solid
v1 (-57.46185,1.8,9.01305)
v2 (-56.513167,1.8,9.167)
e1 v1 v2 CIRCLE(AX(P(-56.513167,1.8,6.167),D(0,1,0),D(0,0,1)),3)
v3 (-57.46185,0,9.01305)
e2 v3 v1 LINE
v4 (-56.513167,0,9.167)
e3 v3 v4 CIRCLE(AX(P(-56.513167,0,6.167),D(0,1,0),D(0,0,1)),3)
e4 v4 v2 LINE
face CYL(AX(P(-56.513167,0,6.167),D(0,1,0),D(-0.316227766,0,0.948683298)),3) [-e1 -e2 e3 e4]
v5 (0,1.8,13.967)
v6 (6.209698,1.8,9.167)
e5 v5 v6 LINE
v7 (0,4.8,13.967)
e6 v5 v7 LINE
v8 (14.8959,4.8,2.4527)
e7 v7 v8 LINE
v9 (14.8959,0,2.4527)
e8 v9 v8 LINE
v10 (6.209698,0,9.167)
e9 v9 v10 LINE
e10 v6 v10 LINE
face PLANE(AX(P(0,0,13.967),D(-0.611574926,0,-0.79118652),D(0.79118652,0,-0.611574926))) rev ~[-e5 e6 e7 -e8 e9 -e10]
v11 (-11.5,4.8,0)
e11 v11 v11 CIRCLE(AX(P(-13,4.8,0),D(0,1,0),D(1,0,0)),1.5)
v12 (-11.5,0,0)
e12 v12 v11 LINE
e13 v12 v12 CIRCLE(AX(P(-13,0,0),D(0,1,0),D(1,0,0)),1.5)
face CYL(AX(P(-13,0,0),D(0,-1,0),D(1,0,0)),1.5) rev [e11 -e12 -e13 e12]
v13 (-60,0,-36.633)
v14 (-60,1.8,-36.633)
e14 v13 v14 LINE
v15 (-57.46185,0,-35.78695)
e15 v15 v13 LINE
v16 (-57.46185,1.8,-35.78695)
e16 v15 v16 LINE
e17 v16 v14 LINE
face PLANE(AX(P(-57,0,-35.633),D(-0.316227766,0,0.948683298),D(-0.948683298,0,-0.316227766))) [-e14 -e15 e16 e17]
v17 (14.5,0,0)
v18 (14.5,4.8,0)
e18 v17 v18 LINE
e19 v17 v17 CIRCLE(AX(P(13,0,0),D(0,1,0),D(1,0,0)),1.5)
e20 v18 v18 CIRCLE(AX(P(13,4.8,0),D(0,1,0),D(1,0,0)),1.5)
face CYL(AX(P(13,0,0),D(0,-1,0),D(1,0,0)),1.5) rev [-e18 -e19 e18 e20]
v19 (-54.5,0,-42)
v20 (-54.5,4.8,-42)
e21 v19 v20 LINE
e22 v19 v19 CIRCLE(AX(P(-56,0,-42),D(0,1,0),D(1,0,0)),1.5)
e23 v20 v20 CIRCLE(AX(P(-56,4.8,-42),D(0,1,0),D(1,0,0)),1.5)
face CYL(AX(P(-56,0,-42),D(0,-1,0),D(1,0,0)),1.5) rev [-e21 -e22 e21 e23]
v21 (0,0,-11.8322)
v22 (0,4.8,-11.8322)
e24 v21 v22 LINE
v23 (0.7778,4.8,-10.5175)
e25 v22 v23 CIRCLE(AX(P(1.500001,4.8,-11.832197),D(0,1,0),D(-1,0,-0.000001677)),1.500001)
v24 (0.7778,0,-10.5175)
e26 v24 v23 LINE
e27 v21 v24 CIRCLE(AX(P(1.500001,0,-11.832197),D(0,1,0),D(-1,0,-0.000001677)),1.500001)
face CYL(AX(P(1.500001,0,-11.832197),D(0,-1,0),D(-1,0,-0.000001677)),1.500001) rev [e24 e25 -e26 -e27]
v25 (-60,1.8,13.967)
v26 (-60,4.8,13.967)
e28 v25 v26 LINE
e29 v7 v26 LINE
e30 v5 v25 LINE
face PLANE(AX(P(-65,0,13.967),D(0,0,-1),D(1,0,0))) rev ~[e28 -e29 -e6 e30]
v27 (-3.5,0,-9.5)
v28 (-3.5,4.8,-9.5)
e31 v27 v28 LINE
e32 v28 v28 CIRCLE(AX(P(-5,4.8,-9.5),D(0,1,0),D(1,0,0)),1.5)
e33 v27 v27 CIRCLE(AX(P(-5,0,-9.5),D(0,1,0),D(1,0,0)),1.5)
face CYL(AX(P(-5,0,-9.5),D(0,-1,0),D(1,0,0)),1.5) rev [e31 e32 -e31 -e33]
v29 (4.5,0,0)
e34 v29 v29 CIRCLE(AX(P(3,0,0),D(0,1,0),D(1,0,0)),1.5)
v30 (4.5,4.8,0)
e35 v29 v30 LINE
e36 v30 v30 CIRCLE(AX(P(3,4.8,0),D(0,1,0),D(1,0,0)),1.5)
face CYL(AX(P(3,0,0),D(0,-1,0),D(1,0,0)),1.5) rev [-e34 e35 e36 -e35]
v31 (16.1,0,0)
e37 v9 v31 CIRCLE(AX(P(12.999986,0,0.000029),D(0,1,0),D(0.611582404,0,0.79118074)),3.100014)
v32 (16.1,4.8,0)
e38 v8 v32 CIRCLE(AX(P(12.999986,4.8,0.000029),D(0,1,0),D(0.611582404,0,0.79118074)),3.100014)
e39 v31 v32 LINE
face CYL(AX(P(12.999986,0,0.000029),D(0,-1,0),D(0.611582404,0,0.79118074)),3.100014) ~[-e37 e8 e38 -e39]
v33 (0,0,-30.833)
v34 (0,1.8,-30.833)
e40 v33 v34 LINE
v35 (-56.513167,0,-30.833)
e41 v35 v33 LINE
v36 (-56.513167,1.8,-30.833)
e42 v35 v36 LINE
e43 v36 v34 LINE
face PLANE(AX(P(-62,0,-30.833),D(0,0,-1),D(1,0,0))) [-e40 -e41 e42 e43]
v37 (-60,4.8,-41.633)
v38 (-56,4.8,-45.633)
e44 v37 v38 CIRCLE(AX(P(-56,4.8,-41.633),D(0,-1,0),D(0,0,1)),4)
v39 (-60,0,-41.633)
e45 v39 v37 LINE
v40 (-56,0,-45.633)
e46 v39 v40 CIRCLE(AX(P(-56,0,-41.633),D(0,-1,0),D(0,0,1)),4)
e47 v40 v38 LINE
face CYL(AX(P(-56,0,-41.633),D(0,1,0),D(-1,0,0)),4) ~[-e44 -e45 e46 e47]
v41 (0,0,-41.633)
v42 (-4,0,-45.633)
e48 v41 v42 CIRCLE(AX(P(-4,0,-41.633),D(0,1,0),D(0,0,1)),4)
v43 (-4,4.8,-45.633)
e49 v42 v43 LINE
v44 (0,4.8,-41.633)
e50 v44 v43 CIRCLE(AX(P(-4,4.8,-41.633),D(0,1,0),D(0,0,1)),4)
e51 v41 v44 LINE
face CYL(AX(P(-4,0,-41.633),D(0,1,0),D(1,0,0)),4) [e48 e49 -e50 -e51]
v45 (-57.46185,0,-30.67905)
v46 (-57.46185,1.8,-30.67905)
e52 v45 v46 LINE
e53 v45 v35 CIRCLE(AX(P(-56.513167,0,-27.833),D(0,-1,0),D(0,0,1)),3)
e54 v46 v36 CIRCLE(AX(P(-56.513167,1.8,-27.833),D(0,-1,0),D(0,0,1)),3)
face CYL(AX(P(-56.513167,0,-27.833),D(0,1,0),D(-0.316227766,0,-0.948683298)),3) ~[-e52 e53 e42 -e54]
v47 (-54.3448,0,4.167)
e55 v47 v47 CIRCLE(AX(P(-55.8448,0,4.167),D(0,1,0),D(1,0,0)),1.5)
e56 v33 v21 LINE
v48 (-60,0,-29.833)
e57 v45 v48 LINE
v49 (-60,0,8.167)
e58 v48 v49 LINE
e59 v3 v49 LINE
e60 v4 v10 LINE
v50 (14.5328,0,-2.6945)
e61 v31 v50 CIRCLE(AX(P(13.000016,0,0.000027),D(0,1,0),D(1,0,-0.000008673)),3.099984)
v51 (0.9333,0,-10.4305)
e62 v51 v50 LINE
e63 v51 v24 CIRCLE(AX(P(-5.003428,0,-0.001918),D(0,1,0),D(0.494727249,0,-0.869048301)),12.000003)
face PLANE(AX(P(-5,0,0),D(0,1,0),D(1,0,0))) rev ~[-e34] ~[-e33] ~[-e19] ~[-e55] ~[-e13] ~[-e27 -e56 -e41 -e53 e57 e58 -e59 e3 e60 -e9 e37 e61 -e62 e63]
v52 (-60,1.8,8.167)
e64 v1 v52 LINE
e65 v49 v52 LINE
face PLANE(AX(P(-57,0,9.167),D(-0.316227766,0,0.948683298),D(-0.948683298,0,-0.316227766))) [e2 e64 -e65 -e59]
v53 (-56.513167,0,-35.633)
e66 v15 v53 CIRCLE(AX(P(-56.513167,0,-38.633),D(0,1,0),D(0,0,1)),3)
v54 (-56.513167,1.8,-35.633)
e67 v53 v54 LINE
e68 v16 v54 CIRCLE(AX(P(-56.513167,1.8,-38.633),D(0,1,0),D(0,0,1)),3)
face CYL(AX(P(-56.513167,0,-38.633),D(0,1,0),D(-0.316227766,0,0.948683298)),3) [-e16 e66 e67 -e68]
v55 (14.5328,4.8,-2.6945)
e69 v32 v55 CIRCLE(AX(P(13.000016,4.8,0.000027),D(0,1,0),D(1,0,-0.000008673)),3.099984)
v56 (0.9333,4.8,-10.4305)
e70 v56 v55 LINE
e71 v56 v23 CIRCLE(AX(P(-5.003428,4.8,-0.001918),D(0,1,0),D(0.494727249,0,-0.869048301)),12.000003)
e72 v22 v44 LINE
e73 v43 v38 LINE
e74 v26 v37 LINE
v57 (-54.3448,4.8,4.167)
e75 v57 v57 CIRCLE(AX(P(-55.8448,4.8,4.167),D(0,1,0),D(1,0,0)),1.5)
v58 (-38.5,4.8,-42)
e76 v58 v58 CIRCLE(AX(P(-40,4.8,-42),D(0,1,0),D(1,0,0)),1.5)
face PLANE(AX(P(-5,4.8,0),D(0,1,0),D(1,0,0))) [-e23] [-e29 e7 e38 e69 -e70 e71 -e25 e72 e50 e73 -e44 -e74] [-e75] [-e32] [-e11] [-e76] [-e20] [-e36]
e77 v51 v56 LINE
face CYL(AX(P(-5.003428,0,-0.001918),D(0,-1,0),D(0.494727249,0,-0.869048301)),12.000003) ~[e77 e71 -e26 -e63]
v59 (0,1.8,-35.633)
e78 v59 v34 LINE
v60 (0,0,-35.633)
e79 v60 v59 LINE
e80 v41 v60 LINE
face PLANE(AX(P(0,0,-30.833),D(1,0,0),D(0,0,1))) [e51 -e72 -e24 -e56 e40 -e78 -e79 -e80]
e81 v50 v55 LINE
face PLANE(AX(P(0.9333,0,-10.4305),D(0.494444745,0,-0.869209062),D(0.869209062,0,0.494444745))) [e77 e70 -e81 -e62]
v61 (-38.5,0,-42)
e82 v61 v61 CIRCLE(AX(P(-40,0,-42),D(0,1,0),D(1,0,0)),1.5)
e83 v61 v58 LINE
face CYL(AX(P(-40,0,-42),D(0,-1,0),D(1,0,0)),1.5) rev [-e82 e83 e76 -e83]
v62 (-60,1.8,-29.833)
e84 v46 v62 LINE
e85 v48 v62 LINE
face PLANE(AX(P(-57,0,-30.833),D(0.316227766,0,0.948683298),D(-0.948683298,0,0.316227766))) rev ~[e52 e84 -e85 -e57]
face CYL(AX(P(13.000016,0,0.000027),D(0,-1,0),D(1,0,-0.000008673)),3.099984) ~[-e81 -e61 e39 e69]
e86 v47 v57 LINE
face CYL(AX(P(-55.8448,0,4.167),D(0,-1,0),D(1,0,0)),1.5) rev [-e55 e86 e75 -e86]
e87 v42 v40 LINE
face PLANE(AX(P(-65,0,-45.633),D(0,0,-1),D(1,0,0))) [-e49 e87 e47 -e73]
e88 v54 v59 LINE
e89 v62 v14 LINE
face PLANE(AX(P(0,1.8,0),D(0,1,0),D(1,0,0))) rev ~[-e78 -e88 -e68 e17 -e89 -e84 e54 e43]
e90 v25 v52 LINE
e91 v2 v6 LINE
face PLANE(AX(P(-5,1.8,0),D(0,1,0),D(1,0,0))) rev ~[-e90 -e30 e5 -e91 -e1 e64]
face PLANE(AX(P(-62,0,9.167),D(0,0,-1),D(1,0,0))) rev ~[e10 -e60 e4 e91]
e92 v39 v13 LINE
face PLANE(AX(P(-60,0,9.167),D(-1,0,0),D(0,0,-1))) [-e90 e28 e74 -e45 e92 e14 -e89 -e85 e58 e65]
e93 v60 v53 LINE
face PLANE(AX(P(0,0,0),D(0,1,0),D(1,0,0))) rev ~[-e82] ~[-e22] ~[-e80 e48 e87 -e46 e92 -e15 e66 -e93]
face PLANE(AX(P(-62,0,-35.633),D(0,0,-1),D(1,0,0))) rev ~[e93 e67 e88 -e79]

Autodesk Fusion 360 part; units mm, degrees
sketch "Sketch1" plane through (0, 0, 0) normal (0, 1, 0) x (1, 0, 0)
  circle A0 centre (0, 0) radius 48 construction
  circle A1 centre (0, 0) radius 14 construction
  circle A2 centre (0, 0) radius 9.5 construction
  circle A3 centre (0, 0) radius 8 construction
  line L0 (0, 0) -> (8, 0) construction
  line L1 (0, 0) -> (0, -9.5) construction
  line L2 (0, 0) -> (-8, 0) construction
  line L3 (0, 0) -> (0, 9.5) construction
  circle A4 centre (8, 0) radius 1.5
  circle A5 centre (-8, 0) radius 1.5
  circle A6 centre (0, 9.5) radius 1.5
  circle A7 centre (0, 0) radius 12 construction
  line L4 (8, 0) -> (18, 0) construction
  line L5 (21.1, 0) -> (19.55, 2.6847) construction
  line L6 (19.55, 2.6847) -> (16.45, 2.6847) construction
  line L7 (16.45, 2.6847) -> (14.9, 0) construction
  line L8 (14.9, 0) -> (16.45, -2.6847) construction
  line L9 (16.45, -2.6847) -> (19.55, -2.6847) construction
  line L10 (19.55, -2.6847) -> (21.1, 0) construction
  circle A8 centre (18, 0) radius 3.1 construction
  circle A9 centre (18, 0) radius 1.5
  line L11 (0, 52) -> (-68, 52) construction
  line L12 (-9.7468, 47) -> (-68, 47) construction
  line L13 (-68, 52) -> (-68, 47) construction
  line L14 (-68, 47) -> (-68, 35.633) construction
  line L15 (-68, 35.633) -> (-32.1604, 35.633) construction
  line L16 (-68, 35.633) -> (-68, 30.833) construction
  line L17 (-68, 30.833) -> (-36.7876, 30.833) construction
  line L18 (-68, 30.833) -> (-68, -9.167) construction
  line L19 (-60, -9.167) -> (-47.1165, -9.167)
  line L20 (-68, -9.167) -> (-68, -13.967) construction
  line L21 (-68, -13.967) -> (-45.923, -13.967) construction
  line L22 (-60, -13.967) -> (-60, 35.633)
  line L23 (5.9333, 10.4305) -> (19.5328, 2.6945)
  line L24 (-60, -13.967) -> (21.1, -13.967)
  line L25 (21.1, -13.967) -> (21.1, 0)
  arc A10 (21.1, 0) -> (19.5328, 2.6945) centre (18, 0) ccw
  line L26 (-57, 35.633) -> (5, 35.633)
  line L27 (5, 35.633) -> (5, 11.8322)
  arc A11 (5.9333, 10.4305) -> (5.7778, 10.5175) centre (0, 0) ccw
  arc A12 (5, 11.8322) -> (5.7778, 10.5175) centre (6.5, 11.8322) ccw
  arc A13 (5.7778, 10.5175) -> (7.9656, 11.513) centre (6.5, 11.8322) ccw construction
  arc A14 (5.4445, 12.898) -> (5, 11.8322) centre (6.5, 11.8322) ccw construction
  arc A15 (7.9656, 11.513) -> (5.4445, 12.898) centre (6.5, 11.8322) ccw construction
  line L28 (5, 11.8322) -> (5, 10.9087) construction
  arc A16 (5.7778, 10.5175) -> (5, 10.9087) centre (0, 0) ccw construction
  line L29 (-57, 30.833) -> (5, 30.833)
  line L30 (-47.1165, -9.167) -> (21.1, -9.167)
  line L31 (-60, 35.633) -> (-60, 45.633)
  line L32 (-60, 45.633) -> (5, 45.633)
  line L33 (5, 45.633) -> (5, 35.633)
  circle A17 centre (-56, 42) radius 1.5
  circle A18 centre (-40, 42) radius 1.5
  line L34 (-40, 42) -> (0, 0) construction
  circle A19 centre (-55.8448, -4.167) radius 1.5
  line L35 (0, 0) -> (-55.8448, -4.167) construction
  line L36 (-68, -9.167) -> (-60, -9.167) construction
  line L37 (-57, -9.167) -> (-60, -8.167)
  line L38 (-57, -9.167) -> (-57, 30.833) construction
  line L39 (-57, 30.833) -> (-57, 35.633) construction
  line L40 (-57, 30.833) -> (-60, 29.833)
  line L41 (-57, 35.633) -> (-60, 36.633)
  line L42 (-60, 35.633) -> (-57, 35.633) construction
  line L43 (-60, 30.833) -> (-57, 30.833) construction
  line L44 (5, 11.8322) -> (5, -13.967) construction
  line L45 (5, -13.967) -> (19.8959, -2.4527)
  line L46 (18, 0) -> (19.8959, -2.4527) construction
  line L47 (18, 0) -> (21.1, 0) construction
  arc A20 (19.8959, -2.4527) -> (21.1, 0) centre (18, 0) ccw
  point P0 (18, 0)
  point P1 (-33.1034, 34.7586)
  point P2 (-47.8669, -3.5717)
  dimension "d1" = 96
  dimension "d2" = 28
  dimension "d3" = 19
  dimension "d4" = 16
  dimension "d5" = 3
  dimension "d6" = 3
  dimension "d7" = 3
  dimension "d8" = 24
  dimension "d9" = 18
  dimension "d10" = 3.1
  dimension "d11" = 60
  dimension "d12" = 3
  dimension "d13" = 52
  dimension "d14" = 68
  dimension "d15" = 68
  dimension "d18" = 5
  dimension "d22" = 16.367
  dimension "d23" = 4.8
  dimension "d24" = 40
  dimension "d25" = 4.8
  dimension "d26" = 8
  dimension "d27" = 3.1
  dimension "d28" = 5
  dimension "d33" = 12
  dimension "d34" = 3
  dimension "d35" = 10
  dimension "d36" = 3
  dimension "d37" = 12
  dimension "d38" = 5
  dimension "d39" = 3
  dimension "d40" = 5
  dimension "d41" = 10
  dimension "d42" = 3
  dimension "d43" = 5
  dimension "d44" = 8
  dimension "d54" = 1
  dimension "d55" = 3
  dimension "d56" = 1
  dimension "d57" = 1
  dimension "d60" = 3.1
extrude "Extrude1" add sketch "Sketch1" along normal blind 4.8 contours L19 L22 L37 | L19 L22 L24 L30 L45 | L19 L22 L23 A10 L27 A11 A12 L29 L30 L37 L40 L45 A20 | L22 L26 L27 L29 L31 L40 L41 | L26 L31 L32 L33 L41 makes body 1
fillet "Fillet1" radius 4 2 edges at (5, 2.4, -45.633) (-60, 2.4, -45.633) on bodies 1
extrude "Extrude2" cut sketch "Sketch1" along normal blind 1.8 contours L19 L22 L37 | L19 L22 L24 L30 L45 | L24 L25 L30 L45 | L22 L26 L27 L29 L31 L40 L41 bodies 1
fillet "Fillet2" radius 3 3 edges at (-57, 0.9, -35.633) (-57, 0.9, -30.833) (-57, 0.9, 9.167) on bodies 1
ref_plane "WorkPlane1" through (-30, 0, 0) normal (1, 0, 0) x (0, 1, 0)
ref_plane "WorkPlane2" through (-25, 0, 0) normal (1, 0, 0) x (0, 1, 0)
split "Split1" by plane through (-30, 0, 0) normal (1, 0, 0) bodies 1 makes body 2 at (-9.9784, 4.8, -33.9796)
split "Split2" by plane through (-25, 0, 0) normal (1, 0, 0) bodies 2 makes body 3 at (-8.25, 4.8, -34.0217)
delete_body "RemoveBody1" bodies 2
move_body "Move1" bodies 3 to x (1, 0, 0) y (0, 1, 0) z (0, 0, 1) at (-5, 0, 0)
combine "Combine1" operation add target body 1 tool bodies 3
